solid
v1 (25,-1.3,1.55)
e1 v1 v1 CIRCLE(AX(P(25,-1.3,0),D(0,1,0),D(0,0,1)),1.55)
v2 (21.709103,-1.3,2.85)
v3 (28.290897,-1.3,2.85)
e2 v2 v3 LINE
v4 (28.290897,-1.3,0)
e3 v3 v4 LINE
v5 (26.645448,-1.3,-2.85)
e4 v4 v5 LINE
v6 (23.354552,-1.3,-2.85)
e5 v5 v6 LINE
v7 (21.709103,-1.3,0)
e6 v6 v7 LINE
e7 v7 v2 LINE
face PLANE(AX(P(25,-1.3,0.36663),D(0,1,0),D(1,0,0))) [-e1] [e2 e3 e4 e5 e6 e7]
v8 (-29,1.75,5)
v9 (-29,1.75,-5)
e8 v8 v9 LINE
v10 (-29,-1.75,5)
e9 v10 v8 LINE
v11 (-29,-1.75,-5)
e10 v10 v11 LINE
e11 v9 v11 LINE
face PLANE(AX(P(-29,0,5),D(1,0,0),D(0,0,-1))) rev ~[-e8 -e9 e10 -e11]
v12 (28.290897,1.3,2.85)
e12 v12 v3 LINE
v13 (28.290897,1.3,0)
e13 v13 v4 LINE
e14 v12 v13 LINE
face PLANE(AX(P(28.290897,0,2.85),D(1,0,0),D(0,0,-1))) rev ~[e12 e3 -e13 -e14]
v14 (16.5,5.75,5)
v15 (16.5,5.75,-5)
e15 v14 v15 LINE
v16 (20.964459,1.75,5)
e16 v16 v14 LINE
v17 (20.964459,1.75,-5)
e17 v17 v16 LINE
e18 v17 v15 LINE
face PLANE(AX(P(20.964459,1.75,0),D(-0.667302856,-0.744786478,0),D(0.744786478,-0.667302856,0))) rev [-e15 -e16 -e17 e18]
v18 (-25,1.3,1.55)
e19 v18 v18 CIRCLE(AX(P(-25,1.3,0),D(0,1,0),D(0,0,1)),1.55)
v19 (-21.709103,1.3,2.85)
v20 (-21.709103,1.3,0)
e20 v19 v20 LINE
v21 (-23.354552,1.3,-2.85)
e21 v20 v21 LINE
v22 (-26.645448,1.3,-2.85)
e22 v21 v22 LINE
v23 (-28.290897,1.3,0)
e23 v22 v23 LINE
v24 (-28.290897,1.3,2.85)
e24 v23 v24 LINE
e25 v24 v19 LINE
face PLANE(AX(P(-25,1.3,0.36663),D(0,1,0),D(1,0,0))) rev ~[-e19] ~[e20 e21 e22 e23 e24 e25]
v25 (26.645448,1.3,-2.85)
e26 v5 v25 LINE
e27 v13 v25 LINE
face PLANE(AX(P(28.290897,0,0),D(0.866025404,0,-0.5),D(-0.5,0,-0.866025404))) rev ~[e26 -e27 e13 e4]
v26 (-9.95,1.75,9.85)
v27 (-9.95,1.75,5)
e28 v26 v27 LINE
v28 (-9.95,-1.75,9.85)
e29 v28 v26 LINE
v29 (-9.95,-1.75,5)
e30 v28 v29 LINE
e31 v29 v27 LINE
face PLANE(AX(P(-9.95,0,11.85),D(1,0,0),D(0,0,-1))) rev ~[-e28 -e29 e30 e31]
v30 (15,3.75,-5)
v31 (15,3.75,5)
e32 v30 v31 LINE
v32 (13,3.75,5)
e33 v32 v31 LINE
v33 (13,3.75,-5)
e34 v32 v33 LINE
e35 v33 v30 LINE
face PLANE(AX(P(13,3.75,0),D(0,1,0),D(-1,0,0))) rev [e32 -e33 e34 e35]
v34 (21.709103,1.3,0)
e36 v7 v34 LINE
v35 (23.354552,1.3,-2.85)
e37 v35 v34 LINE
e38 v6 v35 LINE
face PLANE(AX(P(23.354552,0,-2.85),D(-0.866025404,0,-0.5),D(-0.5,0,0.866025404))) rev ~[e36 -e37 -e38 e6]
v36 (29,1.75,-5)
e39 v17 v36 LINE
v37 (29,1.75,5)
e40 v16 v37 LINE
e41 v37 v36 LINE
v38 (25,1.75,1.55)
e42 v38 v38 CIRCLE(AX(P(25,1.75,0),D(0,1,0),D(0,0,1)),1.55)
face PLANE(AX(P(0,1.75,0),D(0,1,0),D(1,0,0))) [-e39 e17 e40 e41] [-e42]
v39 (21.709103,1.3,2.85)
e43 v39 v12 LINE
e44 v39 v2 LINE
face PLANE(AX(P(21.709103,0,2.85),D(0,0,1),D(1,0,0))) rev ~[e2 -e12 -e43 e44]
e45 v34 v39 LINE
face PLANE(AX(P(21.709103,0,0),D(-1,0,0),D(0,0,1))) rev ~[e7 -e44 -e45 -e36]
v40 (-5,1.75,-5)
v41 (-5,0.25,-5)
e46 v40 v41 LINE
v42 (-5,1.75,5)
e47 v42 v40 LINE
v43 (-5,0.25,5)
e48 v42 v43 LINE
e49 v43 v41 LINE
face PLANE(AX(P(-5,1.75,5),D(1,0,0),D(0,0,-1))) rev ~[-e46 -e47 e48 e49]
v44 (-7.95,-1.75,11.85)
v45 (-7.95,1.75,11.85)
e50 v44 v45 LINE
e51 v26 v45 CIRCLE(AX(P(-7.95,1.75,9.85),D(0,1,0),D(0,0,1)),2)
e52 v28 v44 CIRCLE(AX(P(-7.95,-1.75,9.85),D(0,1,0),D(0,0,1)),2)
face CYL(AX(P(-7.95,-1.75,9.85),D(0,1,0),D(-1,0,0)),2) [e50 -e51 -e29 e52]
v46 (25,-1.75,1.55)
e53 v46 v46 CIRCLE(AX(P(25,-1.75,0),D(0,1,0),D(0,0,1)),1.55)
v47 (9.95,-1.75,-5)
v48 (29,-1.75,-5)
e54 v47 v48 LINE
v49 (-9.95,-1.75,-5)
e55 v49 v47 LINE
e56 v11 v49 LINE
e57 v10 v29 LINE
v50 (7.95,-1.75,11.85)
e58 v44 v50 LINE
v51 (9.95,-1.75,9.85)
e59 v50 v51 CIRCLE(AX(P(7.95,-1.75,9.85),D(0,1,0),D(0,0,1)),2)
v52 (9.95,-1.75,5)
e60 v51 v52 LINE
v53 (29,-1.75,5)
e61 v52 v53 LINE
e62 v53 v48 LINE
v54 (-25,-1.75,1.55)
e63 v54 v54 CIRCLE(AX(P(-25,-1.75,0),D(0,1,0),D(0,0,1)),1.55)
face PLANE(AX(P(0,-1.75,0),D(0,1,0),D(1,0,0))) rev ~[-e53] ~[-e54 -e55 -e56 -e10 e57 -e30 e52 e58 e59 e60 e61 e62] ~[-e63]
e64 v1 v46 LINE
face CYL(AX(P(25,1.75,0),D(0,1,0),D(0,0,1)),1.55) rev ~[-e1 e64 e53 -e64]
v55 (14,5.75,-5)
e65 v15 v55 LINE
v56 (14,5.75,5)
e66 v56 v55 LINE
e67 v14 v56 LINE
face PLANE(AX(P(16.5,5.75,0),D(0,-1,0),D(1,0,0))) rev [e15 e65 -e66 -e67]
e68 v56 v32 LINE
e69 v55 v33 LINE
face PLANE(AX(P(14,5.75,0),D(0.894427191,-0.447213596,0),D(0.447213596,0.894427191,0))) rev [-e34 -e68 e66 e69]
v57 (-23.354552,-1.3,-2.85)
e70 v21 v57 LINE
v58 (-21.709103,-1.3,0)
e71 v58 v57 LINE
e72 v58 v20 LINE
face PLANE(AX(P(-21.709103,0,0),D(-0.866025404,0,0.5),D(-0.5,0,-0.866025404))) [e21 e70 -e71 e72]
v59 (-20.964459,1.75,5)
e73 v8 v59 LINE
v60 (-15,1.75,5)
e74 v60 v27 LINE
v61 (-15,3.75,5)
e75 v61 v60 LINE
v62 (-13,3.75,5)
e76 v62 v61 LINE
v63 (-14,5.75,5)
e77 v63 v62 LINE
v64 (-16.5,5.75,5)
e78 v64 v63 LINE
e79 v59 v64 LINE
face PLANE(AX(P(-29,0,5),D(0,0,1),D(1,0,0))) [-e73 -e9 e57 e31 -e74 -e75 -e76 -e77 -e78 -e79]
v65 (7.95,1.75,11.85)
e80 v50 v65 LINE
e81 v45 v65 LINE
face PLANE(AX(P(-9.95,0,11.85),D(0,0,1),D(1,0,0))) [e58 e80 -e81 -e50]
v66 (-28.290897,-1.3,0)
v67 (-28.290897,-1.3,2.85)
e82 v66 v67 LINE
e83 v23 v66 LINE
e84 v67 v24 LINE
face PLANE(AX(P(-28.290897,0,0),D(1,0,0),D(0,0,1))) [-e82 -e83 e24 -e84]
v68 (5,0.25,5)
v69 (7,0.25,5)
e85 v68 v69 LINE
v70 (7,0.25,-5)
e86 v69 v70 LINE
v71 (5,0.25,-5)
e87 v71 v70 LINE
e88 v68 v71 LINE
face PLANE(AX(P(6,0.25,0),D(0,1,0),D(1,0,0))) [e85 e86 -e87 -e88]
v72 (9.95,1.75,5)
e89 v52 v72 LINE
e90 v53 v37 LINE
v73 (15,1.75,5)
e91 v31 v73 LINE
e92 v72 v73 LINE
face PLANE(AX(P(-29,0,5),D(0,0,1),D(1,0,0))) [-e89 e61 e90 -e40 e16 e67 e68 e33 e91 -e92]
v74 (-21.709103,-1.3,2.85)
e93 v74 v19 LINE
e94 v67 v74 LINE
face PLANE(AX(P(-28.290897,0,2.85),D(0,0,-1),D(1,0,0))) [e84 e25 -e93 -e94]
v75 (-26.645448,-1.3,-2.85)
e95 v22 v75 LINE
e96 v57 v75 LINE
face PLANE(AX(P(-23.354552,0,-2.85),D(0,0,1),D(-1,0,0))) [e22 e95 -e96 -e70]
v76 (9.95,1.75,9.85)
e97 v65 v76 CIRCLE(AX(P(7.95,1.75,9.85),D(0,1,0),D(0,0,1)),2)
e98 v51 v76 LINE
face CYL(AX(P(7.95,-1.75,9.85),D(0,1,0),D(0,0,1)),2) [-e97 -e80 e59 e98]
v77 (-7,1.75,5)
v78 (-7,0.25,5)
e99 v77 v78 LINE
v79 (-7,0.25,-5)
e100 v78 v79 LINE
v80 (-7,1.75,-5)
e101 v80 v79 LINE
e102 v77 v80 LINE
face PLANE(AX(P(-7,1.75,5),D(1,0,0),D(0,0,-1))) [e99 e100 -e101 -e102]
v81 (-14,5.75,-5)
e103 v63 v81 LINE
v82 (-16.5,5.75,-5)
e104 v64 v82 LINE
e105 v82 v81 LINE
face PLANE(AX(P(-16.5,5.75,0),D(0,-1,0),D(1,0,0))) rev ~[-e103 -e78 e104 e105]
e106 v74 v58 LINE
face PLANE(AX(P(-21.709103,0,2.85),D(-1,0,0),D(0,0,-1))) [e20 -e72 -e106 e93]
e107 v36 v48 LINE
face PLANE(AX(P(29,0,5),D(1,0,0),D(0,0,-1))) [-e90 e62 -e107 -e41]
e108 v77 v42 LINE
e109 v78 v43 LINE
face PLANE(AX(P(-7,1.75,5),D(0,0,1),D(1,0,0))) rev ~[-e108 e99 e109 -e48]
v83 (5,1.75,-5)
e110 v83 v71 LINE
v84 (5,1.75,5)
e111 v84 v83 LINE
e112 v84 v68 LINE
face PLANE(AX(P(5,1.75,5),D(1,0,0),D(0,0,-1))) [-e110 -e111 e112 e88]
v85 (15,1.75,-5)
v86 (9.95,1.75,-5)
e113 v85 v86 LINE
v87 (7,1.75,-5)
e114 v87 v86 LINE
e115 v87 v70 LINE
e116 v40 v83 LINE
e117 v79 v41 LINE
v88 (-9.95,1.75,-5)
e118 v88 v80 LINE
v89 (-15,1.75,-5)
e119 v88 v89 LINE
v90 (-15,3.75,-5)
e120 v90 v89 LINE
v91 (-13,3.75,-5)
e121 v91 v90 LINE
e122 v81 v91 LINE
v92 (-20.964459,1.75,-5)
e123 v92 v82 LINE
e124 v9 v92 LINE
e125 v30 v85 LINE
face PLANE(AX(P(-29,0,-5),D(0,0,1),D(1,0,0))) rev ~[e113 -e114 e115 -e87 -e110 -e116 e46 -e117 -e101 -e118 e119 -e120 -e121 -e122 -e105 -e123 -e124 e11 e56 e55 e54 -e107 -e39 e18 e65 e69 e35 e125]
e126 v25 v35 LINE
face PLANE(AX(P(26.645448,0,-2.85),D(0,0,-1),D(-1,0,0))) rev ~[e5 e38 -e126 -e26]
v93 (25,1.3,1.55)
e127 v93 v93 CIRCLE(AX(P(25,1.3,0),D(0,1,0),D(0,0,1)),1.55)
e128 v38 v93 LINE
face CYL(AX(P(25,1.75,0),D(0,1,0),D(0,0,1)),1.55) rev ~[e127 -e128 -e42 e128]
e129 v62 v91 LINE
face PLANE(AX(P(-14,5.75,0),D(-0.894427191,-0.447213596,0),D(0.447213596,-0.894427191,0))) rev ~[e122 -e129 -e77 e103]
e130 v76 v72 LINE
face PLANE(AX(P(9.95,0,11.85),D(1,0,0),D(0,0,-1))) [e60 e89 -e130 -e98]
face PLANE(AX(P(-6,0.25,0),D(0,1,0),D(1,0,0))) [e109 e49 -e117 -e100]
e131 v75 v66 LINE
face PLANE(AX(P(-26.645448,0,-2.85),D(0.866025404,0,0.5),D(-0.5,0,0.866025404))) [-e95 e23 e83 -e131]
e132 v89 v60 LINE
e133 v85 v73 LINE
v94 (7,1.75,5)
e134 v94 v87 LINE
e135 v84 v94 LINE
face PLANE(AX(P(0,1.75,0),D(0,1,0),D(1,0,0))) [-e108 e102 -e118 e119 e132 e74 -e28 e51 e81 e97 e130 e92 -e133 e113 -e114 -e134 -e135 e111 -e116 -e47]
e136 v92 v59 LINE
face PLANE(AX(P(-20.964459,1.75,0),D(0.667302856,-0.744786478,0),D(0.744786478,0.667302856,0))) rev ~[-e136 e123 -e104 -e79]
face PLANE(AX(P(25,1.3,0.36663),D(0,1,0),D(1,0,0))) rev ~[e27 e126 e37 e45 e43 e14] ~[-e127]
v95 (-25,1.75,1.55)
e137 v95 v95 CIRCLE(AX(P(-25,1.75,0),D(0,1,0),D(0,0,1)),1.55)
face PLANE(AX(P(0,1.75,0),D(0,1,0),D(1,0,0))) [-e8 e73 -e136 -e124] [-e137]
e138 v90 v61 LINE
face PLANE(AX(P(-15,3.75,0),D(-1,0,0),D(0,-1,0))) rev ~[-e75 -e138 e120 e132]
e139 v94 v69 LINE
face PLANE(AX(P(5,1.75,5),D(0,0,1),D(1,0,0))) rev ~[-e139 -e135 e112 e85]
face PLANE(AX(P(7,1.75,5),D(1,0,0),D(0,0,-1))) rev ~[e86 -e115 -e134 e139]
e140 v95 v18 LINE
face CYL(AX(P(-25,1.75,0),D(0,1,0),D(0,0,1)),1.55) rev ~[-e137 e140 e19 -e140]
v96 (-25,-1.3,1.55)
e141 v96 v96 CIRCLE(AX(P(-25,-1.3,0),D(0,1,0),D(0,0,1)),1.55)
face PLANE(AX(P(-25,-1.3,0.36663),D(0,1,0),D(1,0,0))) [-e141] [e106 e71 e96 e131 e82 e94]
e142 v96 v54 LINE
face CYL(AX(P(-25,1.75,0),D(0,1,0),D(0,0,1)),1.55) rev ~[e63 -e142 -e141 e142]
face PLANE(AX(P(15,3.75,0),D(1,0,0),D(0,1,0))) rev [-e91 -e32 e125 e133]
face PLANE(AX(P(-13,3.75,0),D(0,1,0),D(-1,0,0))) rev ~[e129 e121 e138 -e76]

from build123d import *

# Parameters (mm, degrees)
SKETCH1_W           = 58
SKETCH1_H           = 10
BOSS_EXTRUDE1_DEPTH = 1.75
SKETCH2_R           = 1.55
CUT_EXTRUDE1_DEPTH  = 3.5
CUT_EXTRUDE2_DEPTH  = 1.3
SKETCH5_W           = 19.9
SKETCH5_H           = 23.7
BOSS_EXTRUDE2_DEPTH = 1.75
FILLET1_R           = 2
BOSS_EXTRUDE3_DEPTH = 5
SKETCH7_W           = 2
SKETCH7_H           = 10
CUT_EXTRUDE3_DEPTH  = 1.5
SKETCH8_W           = 23.808980199
SKETCH8_H           = 14.934673145
CUT_EXTRUDE4_DEPTH  = 5


with BuildPart() as part:
    # Sketch1 → Boss-Extrude1 (new, symmetric)
    with BuildSketch(Plane(origin=(0, 0, 0), x_dir=(1, 0, 0), z_dir=(0, 1, 0))):
        Rectangle(SKETCH1_W, SKETCH1_H)
    extrude(amount=BOSS_EXTRUDE1_DEPTH, both=True)

    # Sketch2 → Cut-Extrude1 (cut)
    with BuildSketch(Plane(origin=(0, 1.75, 0), x_dir=(1, 0, 0), z_dir=(0, 1, 0))):
        with Locations(Location((-25, 0, 0), (0, 0, 270))):
            Circle(SKETCH2_R)
        with Locations(Location((25, 0, 0), (0, 0, 270))):
            Circle(SKETCH2_R)
    extrude(amount=-CUT_EXTRUDE1_DEPTH, mode=Mode.SUBTRACT)

    # Sketch4 → Cut-Extrude2 (cut, symmetric)
    with BuildSketch(Plane(origin=(0, 0, 0), x_dir=(1, 0, 0), z_dir=(0, 1, 0))):
        Polygon((-28.290896534, 0), (-28.290896534, -2.85), (-26.645448267, -2.85), (-23.354551733, -2.85), (-21.709103466, -2.85), (-21.709103466, 0), (-23.354551733, 2.85), (-26.645448267, 2.85), align=None)
        Polygon((28.290896534, 0), (26.645448267, 2.85), (23.354551733, 2.85), (21.709103466, 0), (21.709103466, -2.85), (23.354551733, -2.85), (26.645448267, -2.85), (28.290896534, -2.85), align=None)
    extrude(amount=CUT_EXTRUDE2_DEPTH, both=True, mode=Mode.SUBTRACT)

    # Sketch5 → Boss-Extrude2 (add, symmetric)
    with BuildSketch(Plane(origin=(0, 0, 0), x_dir=(1, 0, 0), z_dir=(0, 1, 0))):
        Rectangle(SKETCH5_W, SKETCH5_H)
    extrude(amount=BOSS_EXTRUDE2_DEPTH, both=True)

    # Fillet1
    fillet1_edges = [part.edges().sort_by_distance(p)[0] for p in [
        (9.95, 0, 11.85),
        (-9.95, 0, 11.85),
    ]]
    fillet(fillet1_edges, radius=FILLET1_R)

    # Sketch6 → Boss-Extrude3 (add, symmetric)
    with BuildSketch(Plane.XY):
        Polygon((-20.964458506, 1.75), (-16.5, 5.75), (-14, 5.75), (-13, 3.75), (-15, 3.75), (-15, 1.75), align=None)
    boss_extrude3 = extrude(amount=BOSS_EXTRUDE3_DEPTH, both=True)

    # Mirror1: Boss-Extrude3 across plane
    add(boss_extrude3.mirror(Plane(origin=(0, 0, 0), x_dir=(0, 0, 1), z_dir=(1, 0, 0))))

    # Sketch7 → Cut-Extrude3 (cut)
    with BuildSketch(Plane(origin=(0, 1.75, 0), x_dir=(1, 0, 0), z_dir=(0, 1, 0))):
        with Locations((-6, 0)):
            Rectangle(SKETCH7_W, SKETCH7_H)
        with Locations((6, 0)):
            Rectangle(SKETCH7_W, SKETCH7_H)
    extrude(amount=-CUT_EXTRUDE3_DEPTH, mode=Mode.SUBTRACT)

    # Sketch8 → Cut-Extrude4 (cut, symmetric)
    with BuildSketch(Plane(origin=(0, 0, 0), x_dir=(1, 0, 0), z_dir=(0, 1, 0))):
        with Locations((0.433446228, 12.467336573)):
            Rectangle(SKETCH8_W, SKETCH8_H)
    extrude(amount=CUT_EXTRUDE4_DEPTH, both=True, mode=Mode.SUBTRACT)


solid = part.part
